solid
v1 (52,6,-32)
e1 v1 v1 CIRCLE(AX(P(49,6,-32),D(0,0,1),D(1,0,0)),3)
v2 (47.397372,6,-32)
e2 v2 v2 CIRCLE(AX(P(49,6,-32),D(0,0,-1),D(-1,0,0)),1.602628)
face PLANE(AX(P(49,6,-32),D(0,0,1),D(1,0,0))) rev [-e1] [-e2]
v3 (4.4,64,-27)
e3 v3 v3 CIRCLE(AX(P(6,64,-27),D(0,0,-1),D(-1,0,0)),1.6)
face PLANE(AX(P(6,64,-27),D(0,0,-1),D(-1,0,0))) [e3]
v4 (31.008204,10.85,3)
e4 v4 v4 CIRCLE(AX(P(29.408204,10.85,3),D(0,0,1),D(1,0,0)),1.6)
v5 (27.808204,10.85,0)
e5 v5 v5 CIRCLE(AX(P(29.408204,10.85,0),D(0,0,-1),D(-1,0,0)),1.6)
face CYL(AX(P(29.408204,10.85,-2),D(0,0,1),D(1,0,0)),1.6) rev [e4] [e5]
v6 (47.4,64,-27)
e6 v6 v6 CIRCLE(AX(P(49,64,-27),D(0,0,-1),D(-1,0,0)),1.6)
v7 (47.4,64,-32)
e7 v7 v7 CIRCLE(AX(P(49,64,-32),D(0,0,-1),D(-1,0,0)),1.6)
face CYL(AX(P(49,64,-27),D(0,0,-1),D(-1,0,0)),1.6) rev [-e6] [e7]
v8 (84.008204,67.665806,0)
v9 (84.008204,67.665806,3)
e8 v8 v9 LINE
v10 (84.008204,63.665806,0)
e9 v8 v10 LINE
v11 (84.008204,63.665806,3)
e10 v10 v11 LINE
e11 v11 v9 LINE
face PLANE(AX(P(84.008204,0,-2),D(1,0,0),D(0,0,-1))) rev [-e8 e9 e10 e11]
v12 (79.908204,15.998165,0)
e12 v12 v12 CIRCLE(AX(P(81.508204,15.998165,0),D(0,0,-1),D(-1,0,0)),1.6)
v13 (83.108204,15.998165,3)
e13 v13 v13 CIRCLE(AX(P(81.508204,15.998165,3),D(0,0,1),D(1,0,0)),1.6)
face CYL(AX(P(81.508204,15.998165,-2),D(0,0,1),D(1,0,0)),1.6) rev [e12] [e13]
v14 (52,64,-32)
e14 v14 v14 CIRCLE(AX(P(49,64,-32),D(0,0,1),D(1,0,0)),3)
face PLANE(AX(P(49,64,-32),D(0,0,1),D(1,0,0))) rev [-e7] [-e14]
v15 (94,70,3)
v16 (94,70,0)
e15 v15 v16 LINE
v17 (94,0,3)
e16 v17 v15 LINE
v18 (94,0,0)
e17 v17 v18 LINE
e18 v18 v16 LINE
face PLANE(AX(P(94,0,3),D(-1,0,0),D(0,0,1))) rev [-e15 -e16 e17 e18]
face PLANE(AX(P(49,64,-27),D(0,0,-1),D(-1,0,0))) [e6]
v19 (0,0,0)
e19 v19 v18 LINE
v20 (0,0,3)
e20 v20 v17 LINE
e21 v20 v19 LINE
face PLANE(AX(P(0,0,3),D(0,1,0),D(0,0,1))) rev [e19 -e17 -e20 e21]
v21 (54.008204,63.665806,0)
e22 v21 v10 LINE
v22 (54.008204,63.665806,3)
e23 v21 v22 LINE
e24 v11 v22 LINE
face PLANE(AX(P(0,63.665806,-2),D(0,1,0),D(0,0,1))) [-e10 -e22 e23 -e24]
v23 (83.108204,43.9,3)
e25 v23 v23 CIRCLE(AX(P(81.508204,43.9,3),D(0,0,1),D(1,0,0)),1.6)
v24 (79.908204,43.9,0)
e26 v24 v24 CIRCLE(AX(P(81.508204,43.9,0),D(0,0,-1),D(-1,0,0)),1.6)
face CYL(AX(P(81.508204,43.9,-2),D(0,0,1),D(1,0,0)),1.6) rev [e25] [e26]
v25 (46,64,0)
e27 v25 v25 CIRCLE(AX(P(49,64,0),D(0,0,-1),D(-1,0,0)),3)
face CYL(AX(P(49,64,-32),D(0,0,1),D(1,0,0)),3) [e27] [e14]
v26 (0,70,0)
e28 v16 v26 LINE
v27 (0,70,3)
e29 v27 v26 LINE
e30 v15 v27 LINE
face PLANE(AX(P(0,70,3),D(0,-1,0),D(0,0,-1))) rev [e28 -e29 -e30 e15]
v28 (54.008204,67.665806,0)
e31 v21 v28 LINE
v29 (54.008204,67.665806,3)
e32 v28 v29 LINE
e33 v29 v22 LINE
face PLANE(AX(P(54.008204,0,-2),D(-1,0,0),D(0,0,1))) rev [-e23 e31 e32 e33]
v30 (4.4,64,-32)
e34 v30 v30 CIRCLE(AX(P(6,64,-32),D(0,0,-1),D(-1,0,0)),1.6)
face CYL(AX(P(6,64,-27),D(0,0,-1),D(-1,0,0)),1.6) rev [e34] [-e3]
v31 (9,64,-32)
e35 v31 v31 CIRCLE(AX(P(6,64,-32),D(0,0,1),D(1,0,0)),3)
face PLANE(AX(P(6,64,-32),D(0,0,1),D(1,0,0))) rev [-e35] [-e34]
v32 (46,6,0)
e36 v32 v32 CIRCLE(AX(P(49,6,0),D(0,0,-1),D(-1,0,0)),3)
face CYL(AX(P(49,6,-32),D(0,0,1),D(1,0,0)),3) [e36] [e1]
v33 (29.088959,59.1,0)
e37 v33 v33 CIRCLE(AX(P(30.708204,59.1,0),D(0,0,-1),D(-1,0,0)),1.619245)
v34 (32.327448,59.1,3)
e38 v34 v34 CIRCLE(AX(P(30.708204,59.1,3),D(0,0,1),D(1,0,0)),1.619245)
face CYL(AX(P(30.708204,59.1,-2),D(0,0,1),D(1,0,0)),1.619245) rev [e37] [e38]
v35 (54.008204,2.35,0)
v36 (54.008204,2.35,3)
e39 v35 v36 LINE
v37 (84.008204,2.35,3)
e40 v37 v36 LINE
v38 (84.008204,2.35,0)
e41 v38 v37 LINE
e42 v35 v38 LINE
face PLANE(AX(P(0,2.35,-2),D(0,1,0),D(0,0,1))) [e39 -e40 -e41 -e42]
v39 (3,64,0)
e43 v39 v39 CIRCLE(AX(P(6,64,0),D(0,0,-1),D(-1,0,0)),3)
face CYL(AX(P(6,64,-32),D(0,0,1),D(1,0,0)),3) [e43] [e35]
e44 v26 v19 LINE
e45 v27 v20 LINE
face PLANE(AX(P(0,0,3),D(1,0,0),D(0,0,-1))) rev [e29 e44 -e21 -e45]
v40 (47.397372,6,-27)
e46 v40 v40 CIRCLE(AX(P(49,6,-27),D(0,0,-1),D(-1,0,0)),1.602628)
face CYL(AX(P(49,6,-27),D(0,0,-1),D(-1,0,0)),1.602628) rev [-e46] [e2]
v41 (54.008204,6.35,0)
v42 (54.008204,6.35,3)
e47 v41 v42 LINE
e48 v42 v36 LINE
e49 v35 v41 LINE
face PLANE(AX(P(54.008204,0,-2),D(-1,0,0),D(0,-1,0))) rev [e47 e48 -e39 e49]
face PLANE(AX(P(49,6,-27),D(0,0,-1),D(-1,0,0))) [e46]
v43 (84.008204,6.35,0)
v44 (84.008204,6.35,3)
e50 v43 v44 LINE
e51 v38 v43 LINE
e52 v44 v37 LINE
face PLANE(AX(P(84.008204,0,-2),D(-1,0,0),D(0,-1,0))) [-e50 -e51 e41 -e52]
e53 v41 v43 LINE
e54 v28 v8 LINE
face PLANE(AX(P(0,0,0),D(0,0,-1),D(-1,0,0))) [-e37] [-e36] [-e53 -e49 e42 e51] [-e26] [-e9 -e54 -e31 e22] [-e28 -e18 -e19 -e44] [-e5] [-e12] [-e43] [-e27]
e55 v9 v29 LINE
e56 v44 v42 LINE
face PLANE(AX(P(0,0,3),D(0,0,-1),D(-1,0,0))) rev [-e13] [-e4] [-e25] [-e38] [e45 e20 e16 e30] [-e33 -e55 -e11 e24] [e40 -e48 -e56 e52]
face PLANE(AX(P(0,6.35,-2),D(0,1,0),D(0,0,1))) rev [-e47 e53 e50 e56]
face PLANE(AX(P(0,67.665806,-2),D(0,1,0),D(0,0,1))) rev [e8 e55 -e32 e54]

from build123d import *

# Parameters (mm, degrees)
SKETCH1_W           = 94
SKETCH1_H           = 70
BOSS_EXTRUDE2_DEPTH = 3
SKETCH3_R           = 3
BOSS_EXTRUDE5_DEPTH = 35
SKETCH7_R           = 1.602627629
CUT_EXTRUDE1_DEPTH  = 5
SKETCH8_R           = 1.6
CUT_EXTRUDE2_DEPTH  = 5
SKETCH9_R           = 1.6
CUT_EXTRUDE3_DEPTH  = 5
SKETCH10_W          = 30
SKETCH10_H          = 4
SKETCH10_R          = 1.6
SKETCH10_R_2        = 1.619244763
CUT_EXTRUDE5_DEPTH  = 5


with BuildPart() as part:
    # Sketch1 → Boss-Extrude2 (new body)
    with BuildSketch(Plane.XY):
        with Locations((47, 35)):
            Rectangle(SKETCH1_W, SKETCH1_H)
    extrude(amount=BOSS_EXTRUDE2_DEPTH)

    # Sketch3 → Boss-Extrude5 (add)
    with BuildSketch(Plane.XY.offset(3)):
        with Locations((49, 6)):
            Circle(SKETCH3_R)
        with Locations((49, 64)):
            Circle(SKETCH3_R)
        with Locations((6, 64)):
            Circle(SKETCH3_R)
    extrude(amount=-BOSS_EXTRUDE5_DEPTH)

    # Sketch7 → Cut-Extrude1 (cut)
    with BuildSketch(Plane(origin=(0, 0, -32), x_dir=(-1, 0, 0), z_dir=(0, 0, -1))):
        with Locations((-49, 6)):
            Circle(SKETCH7_R)
    extrude(amount=-CUT_EXTRUDE1_DEPTH, mode=Mode.SUBTRACT)

    # Sketch8 → Cut-Extrude2 (cut)
    with BuildSketch(Plane(origin=(0, 0, -32), x_dir=(-1, 0, 0), z_dir=(0, 0, -1))):
        with Locations((-6, 64)):
            Circle(SKETCH8_R)
    extrude(amount=-CUT_EXTRUDE2_DEPTH, mode=Mode.SUBTRACT)

    # Sketch9 → Cut-Extrude3 (cut)
    with BuildSketch(Plane(origin=(0, 0, -32), x_dir=(-1, 0, 0), z_dir=(0, 0, -1))):
        with Locations((-49, 64)):
            Circle(SKETCH9_R)
    extrude(amount=-CUT_EXTRUDE3_DEPTH, mode=Mode.SUBTRACT)

    # Sketch10 → Cut-Extrude5 (cut)
    with BuildSketch(Plane.XY.offset(3)):
        with Locations((69.008203537, 65.665805626)):
            Rectangle(SKETCH10_W, SKETCH10_H)
        with Locations((69.008203537, 4.35)):
            Rectangle(SKETCH10_W, SKETCH10_H)
        with Locations((29.408203537, 10.85)):
            Circle(SKETCH10_R)
        with Locations((81.508203537, 15.998164517)):
            Circle(SKETCH10_R)
        with Locations((81.508203537, 43.9)):
            Circle(SKETCH10_R)
        with Locations((30.708203537, 59.1)):
            Circle(SKETCH10_R_2)
    extrude(amount=-CUT_EXTRUDE5_DEPTH, mode=Mode.SUBTRACT)


solid = part.part
